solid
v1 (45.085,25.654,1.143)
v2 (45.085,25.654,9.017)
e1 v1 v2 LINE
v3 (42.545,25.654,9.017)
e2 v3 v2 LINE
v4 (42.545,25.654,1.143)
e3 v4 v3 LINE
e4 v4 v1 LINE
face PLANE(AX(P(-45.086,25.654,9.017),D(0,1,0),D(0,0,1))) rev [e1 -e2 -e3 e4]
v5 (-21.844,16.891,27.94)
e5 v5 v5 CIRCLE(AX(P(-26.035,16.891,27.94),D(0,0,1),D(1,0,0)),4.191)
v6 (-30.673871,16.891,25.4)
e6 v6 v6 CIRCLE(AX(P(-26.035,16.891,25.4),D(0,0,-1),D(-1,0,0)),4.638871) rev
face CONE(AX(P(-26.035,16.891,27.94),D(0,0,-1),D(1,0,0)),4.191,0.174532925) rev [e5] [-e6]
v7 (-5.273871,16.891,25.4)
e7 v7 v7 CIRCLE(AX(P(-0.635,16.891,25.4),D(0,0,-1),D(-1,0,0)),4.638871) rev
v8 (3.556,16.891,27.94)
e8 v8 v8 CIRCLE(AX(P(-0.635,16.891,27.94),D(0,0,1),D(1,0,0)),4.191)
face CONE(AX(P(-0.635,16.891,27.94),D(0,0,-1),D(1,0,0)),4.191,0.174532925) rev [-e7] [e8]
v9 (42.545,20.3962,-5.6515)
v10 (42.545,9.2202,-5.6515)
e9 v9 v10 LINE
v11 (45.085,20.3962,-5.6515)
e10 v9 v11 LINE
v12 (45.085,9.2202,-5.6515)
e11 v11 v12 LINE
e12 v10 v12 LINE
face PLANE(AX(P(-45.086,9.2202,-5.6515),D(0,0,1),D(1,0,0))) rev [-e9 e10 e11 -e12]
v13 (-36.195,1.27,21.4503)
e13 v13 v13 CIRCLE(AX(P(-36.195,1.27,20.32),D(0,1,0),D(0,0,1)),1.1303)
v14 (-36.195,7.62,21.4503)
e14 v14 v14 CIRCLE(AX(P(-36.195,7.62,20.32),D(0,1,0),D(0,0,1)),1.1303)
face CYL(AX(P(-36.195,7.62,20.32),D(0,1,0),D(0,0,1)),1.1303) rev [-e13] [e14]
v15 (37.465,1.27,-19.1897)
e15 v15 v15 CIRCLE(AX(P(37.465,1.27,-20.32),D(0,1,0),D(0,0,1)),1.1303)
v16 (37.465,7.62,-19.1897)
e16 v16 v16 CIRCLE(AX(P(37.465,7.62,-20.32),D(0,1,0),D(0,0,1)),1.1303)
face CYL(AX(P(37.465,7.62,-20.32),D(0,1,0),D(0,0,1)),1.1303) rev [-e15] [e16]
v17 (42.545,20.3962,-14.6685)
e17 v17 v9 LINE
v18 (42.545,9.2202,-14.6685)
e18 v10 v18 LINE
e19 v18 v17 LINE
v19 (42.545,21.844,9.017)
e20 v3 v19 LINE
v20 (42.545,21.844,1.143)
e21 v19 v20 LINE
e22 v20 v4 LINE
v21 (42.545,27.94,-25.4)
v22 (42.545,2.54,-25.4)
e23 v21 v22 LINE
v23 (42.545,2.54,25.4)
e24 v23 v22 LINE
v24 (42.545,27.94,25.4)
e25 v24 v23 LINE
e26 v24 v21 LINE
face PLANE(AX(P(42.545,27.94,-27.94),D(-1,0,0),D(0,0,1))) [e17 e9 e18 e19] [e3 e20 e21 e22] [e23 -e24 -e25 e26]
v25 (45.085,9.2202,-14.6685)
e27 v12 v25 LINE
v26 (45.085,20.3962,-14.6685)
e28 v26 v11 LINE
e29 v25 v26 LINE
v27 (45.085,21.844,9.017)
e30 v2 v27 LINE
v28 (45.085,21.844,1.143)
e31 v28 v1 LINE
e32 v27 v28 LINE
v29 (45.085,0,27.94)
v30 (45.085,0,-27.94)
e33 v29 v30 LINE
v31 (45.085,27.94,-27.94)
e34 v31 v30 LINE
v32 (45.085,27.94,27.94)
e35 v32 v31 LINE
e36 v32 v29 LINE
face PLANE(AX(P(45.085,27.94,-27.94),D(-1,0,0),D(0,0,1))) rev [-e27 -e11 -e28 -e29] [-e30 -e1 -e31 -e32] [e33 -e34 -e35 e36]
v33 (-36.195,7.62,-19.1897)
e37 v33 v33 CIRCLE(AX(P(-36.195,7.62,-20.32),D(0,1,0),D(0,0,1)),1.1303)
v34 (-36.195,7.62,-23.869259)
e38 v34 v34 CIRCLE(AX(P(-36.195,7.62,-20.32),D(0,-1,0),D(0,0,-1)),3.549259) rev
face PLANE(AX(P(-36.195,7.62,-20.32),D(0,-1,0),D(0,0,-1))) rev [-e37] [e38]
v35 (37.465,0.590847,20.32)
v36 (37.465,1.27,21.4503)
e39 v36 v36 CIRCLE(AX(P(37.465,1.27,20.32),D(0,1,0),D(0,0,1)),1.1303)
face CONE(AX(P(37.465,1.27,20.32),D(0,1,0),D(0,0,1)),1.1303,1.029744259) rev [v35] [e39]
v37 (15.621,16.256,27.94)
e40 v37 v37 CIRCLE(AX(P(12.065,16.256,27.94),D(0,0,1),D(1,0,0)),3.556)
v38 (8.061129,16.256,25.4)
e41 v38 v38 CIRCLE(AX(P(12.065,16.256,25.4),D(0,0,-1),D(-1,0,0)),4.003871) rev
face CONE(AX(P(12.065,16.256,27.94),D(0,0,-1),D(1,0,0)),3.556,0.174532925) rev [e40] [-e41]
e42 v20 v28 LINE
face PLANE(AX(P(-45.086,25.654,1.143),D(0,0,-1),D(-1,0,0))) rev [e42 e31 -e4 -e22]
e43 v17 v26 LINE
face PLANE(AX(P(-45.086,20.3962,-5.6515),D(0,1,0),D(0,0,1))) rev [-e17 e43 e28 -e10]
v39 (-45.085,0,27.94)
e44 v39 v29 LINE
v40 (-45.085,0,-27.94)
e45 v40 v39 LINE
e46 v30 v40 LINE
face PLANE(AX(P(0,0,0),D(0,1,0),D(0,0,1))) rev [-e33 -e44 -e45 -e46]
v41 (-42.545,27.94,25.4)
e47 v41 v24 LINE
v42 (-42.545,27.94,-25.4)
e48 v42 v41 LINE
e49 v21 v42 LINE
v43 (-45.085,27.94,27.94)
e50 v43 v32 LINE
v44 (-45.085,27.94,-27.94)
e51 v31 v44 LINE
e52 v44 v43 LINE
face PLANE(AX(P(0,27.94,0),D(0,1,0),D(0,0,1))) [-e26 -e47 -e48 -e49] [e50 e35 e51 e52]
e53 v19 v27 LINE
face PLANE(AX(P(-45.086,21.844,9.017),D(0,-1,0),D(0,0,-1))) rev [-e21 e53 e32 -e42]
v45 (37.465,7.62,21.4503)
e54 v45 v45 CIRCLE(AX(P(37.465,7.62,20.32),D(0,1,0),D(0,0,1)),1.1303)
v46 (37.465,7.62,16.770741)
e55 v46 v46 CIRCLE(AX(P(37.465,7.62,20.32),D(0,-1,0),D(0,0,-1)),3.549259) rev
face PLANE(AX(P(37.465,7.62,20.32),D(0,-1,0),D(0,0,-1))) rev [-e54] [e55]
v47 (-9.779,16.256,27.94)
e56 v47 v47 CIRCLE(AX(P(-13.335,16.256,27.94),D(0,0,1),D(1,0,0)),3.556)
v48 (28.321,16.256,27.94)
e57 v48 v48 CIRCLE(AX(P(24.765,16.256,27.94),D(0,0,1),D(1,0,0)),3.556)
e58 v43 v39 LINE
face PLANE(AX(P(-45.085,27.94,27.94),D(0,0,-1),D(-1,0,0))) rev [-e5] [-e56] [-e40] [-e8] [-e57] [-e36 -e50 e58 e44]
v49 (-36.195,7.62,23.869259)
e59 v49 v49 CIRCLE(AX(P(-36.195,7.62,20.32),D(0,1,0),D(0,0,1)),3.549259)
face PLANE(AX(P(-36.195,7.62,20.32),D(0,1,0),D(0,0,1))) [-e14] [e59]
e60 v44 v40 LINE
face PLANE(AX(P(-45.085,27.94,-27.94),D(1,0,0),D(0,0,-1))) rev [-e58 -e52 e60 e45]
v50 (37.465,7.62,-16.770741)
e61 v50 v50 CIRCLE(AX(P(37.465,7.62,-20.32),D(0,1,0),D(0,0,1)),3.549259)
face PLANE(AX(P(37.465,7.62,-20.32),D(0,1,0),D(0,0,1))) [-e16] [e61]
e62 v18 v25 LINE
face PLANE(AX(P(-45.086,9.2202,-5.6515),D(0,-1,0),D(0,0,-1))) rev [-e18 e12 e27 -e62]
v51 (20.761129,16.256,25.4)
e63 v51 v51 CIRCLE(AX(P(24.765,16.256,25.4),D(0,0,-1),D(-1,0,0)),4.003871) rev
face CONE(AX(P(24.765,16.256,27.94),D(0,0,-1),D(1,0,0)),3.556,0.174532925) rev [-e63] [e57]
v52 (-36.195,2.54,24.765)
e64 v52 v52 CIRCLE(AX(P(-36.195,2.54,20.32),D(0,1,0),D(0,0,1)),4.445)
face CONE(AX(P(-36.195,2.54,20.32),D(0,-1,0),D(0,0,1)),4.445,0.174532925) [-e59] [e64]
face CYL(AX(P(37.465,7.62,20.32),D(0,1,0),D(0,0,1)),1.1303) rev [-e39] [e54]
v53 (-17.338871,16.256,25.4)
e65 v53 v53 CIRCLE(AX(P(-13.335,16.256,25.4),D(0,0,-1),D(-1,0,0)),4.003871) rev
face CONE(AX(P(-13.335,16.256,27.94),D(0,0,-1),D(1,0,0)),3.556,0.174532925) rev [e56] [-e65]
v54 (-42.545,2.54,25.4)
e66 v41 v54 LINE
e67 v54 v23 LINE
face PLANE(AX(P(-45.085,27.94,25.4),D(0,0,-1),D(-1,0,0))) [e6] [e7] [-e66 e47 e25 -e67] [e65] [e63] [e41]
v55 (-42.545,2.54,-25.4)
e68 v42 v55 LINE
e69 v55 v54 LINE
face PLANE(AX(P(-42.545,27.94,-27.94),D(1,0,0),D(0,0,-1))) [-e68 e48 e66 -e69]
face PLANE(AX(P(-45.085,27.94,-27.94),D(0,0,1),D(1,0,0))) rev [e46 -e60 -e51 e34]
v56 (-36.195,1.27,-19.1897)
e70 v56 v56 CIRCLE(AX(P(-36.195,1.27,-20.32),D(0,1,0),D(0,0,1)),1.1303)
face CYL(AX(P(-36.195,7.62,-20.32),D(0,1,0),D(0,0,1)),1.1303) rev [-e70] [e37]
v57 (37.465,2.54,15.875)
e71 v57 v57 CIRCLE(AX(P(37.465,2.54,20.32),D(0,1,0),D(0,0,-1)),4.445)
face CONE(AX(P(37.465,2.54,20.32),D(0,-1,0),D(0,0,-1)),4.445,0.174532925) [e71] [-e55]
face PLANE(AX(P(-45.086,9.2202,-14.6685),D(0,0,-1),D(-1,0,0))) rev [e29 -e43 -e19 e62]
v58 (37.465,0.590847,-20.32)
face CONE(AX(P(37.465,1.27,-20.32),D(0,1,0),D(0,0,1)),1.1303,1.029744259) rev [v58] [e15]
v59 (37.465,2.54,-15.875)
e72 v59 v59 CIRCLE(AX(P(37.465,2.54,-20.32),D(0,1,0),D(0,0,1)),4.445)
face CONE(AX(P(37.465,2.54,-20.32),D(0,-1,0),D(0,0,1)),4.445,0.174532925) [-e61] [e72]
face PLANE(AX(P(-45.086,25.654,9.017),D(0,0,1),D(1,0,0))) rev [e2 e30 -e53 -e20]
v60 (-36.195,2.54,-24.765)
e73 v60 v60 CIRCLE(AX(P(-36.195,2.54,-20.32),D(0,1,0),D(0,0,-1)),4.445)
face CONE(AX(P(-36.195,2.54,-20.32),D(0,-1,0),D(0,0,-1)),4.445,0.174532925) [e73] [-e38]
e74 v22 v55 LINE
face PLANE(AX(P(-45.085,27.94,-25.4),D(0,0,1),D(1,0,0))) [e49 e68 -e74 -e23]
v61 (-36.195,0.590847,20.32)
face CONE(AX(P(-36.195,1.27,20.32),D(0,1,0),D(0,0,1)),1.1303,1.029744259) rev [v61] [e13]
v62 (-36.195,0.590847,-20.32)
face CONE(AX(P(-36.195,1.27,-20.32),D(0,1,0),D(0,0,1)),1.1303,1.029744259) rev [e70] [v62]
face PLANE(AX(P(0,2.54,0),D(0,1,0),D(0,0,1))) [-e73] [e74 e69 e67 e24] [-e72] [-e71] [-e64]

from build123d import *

# Parameters (mm, degrees)
SKETCH1_W                     = 90.17
SKETCH1_H                     = 55.88
BOSS_EXTRUDE1_DEPTH           = 27.94
SHELL1_T                      = -2.54
SKETCH2_R                     = 4.445
BOSS_EXTRUDE4_DEPTH           = 5.08
BOSS_EXTRUDE4_DRAFT           = 10
BOSS_EXTRUDE4_PROFILE_2_DEPTH = 5.08
BOSS_EXTRUDE4_PROFILE_2_DRAFT = 10
BOSS_EXTRUDE4_PROFILE_3_DEPTH = 5.08
BOSS_EXTRUDE4_PROFILE_3_DRAFT = 10
BOSS_EXTRUDE4_PROFILE_4_DEPTH = 5.08
BOSS_EXTRUDE4_PROFILE_4_DRAFT = 10
TAP_DRILL_FOR_4_40_TAP1_D     = 2.2606
TAP_DRILL_FOR_4_40_TAP1_DEPTH = 6.35
TAP_DRILL_FOR_4_40_TAP1_TIP   = 0.679152758
SKETCH6_R                     = 3.556
CUT_EXTRUDE1_DEPTH            = 2.54
CUT_EXTRUDE1_DRAFT            = 10
CUT_EXTRUDE1_PROFILE_2_DEPTH  = 2.54
CUT_EXTRUDE1_PROFILE_2_DRAFT  = 10
CUT_EXTRUDE1_PROFILE_3_DEPTH  = 2.54
CUT_EXTRUDE1_PROFILE_3_DRAFT  = 10
SKETCH6_R_2                   = 4.191
CUT_EXTRUDE1_PROFILE_4_DEPTH  = 2.54
CUT_EXTRUDE1_PROFILE_4_DRAFT  = 10
CUT_EXTRUDE1_PROFILE_5_DEPTH  = 2.54
CUT_EXTRUDE1_PROFILE_5_DRAFT  = 10
CUT_EXTRUDE2_REACH            = 100.448
SKETCH7_W                     = 9.017
SKETCH7_H                     = 11.176
SKETCH7_W_2                   = 7.874
SKETCH7_H_2                   = 3.81


with BuildPart() as part:
    # Sketch1 → Boss-Extrude1 (new body)
    with BuildSketch(Plane(origin=(0, 0, 0), x_dir=(1, 0, 0), z_dir=(0, 1, 0))):
        Rectangle(SKETCH1_W, SKETCH1_H)
    extrude(amount=BOSS_EXTRUDE1_DEPTH)

    # Shell1
    shell1_openings = [part.faces().sort_by_distance(p)[0] for p in [
        (0, 27.94, 0),
    ]]
    offset(amount=SHELL1_T, openings=shell1_openings, kind=Kind.INTERSECTION)


with BuildPart() as boss_extrude4_tool:
    # Sketch2 → Boss-Extrude4 (with draft: the straight prism first)
    with BuildSketch(Plane(origin=(0, 2.54, 0), x_dir=(1, 0, 0), z_dir=(0, 1, 0))):
        with Locations((37.465, 20.32)):
            Circle(SKETCH2_R)
    extrude(amount=BOSS_EXTRUDE4_DEPTH)
    # Boss-Extrude4: the draft: its side faces are tilted about the plane it starts from
    boss_extrude4_sides = [boss_extrude4_tool.faces().sort_by_distance(p)[0] for p in [
        (33.02, 5.08, -20.32),
    ]]
    draft(boss_extrude4_sides, Plane(origin=(0, 2.54, 0), x_dir=(1, 0, 0), z_dir=(0, 1, 0)), BOSS_EXTRUDE4_DRAFT)


with BuildPart() as part_1:
    add(part.part)

    # Boss-Extrude4: add boss_extrude4_tool
    add(boss_extrude4_tool.part)


with BuildPart() as boss_extrude4_profile_2_tool:
    # Sketch2 → Boss-Extrude4 profile 2 (with draft: the straight prism first)
    with BuildSketch(Plane(origin=(0, 2.54, 0), x_dir=(1, 0, 0), z_dir=(0, 1, 0))):
        with Locations((37.465, -20.32)):
            Circle(SKETCH2_R)
    extrude(amount=BOSS_EXTRUDE4_PROFILE_2_DEPTH)
    # Boss-Extrude4 profile 2: the draft: its side faces are tilted about the plane it starts from
    boss_extrude4_profile_2_sides = [boss_extrude4_profile_2_tool.faces().sort_by_distance(p)[0] for p in [
        (33.02, 5.08, 20.32),
    ]]
    draft(boss_extrude4_profile_2_sides, Plane(origin=(0, 2.54, 0), x_dir=(1, 0, 0), z_dir=(0, 1, 0)), BOSS_EXTRUDE4_PROFILE_2_DRAFT)


with BuildPart() as part_2:
    add(part_1.part)

    # Boss-Extrude4 profile 2: add boss_extrude4_profile_2_tool
    add(boss_extrude4_profile_2_tool.part)


with BuildPart() as boss_extrude4_profile_3_tool:
    # Sketch2 → Boss-Extrude4 profile 3 (with draft: the straight prism first)
    with BuildSketch(Plane(origin=(0, 2.54, 0), x_dir=(1, 0, 0), z_dir=(0, 1, 0))):
        with Locations((-36.195, -20.32)):
            Circle(SKETCH2_R)
    extrude(amount=BOSS_EXTRUDE4_PROFILE_3_DEPTH)
    # Boss-Extrude4 profile 3: the draft: its side faces are tilted about the plane it starts from
    boss_extrude4_profile_3_sides = [boss_extrude4_profile_3_tool.faces().sort_by_distance(p)[0] for p in [
        (-40.64, 5.08, 20.32),
    ]]
    draft(boss_extrude4_profile_3_sides, Plane(origin=(0, 2.54, 0), x_dir=(1, 0, 0), z_dir=(0, 1, 0)), BOSS_EXTRUDE4_PROFILE_3_DRAFT)


with BuildPart() as part_3:
    add(part_2.part)

    # Boss-Extrude4 profile 3: add boss_extrude4_profile_3_tool
    add(boss_extrude4_profile_3_tool.part)


with BuildPart() as boss_extrude4_profile_4_tool:
    # Sketch2 → Boss-Extrude4 profile 4 (with draft: the straight prism first)
    with BuildSketch(Plane(origin=(0, 2.54, 0), x_dir=(1, 0, 0), z_dir=(0, 1, 0))):
        with Locations((-36.195, 20.32)):
            Circle(SKETCH2_R)
    extrude(amount=BOSS_EXTRUDE4_PROFILE_4_DEPTH)
    # Boss-Extrude4 profile 4: the draft: its side faces are tilted about the plane it starts from
    boss_extrude4_profile_4_sides = [boss_extrude4_profile_4_tool.faces().sort_by_distance(p)[0] for p in [
        (-40.64, 5.08, -20.32),
    ]]
    draft(boss_extrude4_profile_4_sides, Plane(origin=(0, 2.54, 0), x_dir=(1, 0, 0), z_dir=(0, 1, 0)), BOSS_EXTRUDE4_PROFILE_4_DRAFT)


with BuildPart() as part_4:
    add(part_3.part)

    # Boss-Extrude4 profile 4: add boss_extrude4_profile_4_tool
    add(boss_extrude4_profile_4_tool.part)

    # Tap Drill for #4-40 Tap1
    with Locations(Plane(origin=(0, 7.62, 0), x_dir=(1, 0, 0), z_dir=(0, 1, 0))):
        with Locations((-36.195, 20.32), (-36.195, -20.32), (37.465, -20.32), (37.465, 20.32)):
            Hole(TAP_DRILL_FOR_4_40_TAP1_D / 2, depth=TAP_DRILL_FOR_4_40_TAP1_DEPTH)
            with Locations((0, 0, -(TAP_DRILL_FOR_4_40_TAP1_DEPTH + TAP_DRILL_FOR_4_40_TAP1_TIP / 2))):  # 118° drill point
                Cone(0, TAP_DRILL_FOR_4_40_TAP1_D / 2, TAP_DRILL_FOR_4_40_TAP1_TIP, mode=Mode.SUBTRACT)


with BuildPart() as cut_extrude1_tool:
    # Sketch6 → Cut-Extrude1 (with draft: the straight prism first)
    with BuildSketch(Plane.XY.offset(27.94)):
        with Locations((24.765, 16.256)):
            Circle(SKETCH6_R)
    extrude(amount=-CUT_EXTRUDE1_DEPTH)
    # Cut-Extrude1: the draft: its side faces are tilted about the plane it starts from
    cut_extrude1_sides = [cut_extrude1_tool.faces().sort_by_distance(p)[0] for p in [
        (21.209, 16.256, 26.67),
    ]]
    draft(cut_extrude1_sides, Plane.XY.offset(27.94), CUT_EXTRUDE1_DRAFT)


with BuildPart() as part_5:
    add(part_4.part)

    # Cut-Extrude1: cut by cut_extrude1_tool
    add(cut_extrude1_tool.part, mode=Mode.SUBTRACT)


with BuildPart() as cut_extrude1_profile_2_tool:
    # Sketch6 → Cut-Extrude1 profile 2 (with draft: the straight prism first)
    with BuildSketch(Plane.XY.offset(27.94)):
        with Locations((12.065, 16.256)):
            Circle(SKETCH6_R)
    extrude(amount=-CUT_EXTRUDE1_PROFILE_2_DEPTH)
    # Cut-Extrude1 profile 2: the draft: its side faces are tilted about the plane it starts from
    cut_extrude1_profile_2_sides = [cut_extrude1_profile_2_tool.faces().sort_by_distance(p)[0] for p in [
        (8.509, 16.256, 26.67),
    ]]
    draft(cut_extrude1_profile_2_sides, Plane.XY.offset(27.94), CUT_EXTRUDE1_PROFILE_2_DRAFT)


with BuildPart() as part_6:
    add(part_5.part)

    # Cut-Extrude1 profile 2: cut by cut_extrude1_profile_2_tool
    add(cut_extrude1_profile_2_tool.part, mode=Mode.SUBTRACT)


with BuildPart() as cut_extrude1_profile_3_tool:
    # Sketch6 → Cut-Extrude1 profile 3 (with draft: the straight prism first)
    with BuildSketch(Plane.XY.offset(27.94)):
        with Locations((-13.335, 16.256)):
            Circle(SKETCH6_R)
    extrude(amount=-CUT_EXTRUDE1_PROFILE_3_DEPTH)
    # Cut-Extrude1 profile 3: the draft: its side faces are tilted about the plane it starts from
    cut_extrude1_profile_3_sides = [cut_extrude1_profile_3_tool.faces().sort_by_distance(p)[0] for p in [
        (-16.891, 16.256, 26.67),
    ]]
    draft(cut_extrude1_profile_3_sides, Plane.XY.offset(27.94), CUT_EXTRUDE1_PROFILE_3_DRAFT)


with BuildPart() as part_7:
    add(part_6.part)

    # Cut-Extrude1 profile 3: cut by cut_extrude1_profile_3_tool
    add(cut_extrude1_profile_3_tool.part, mode=Mode.SUBTRACT)


with BuildPart() as cut_extrude1_profile_4_tool:
    # Sketch6 → Cut-Extrude1 profile 4 (with draft: the straight prism first)
    with BuildSketch(Plane.XY.offset(27.94)):
        with Locations((-0.635, 16.891)):
            Circle(SKETCH6_R_2)
    extrude(amount=-CUT_EXTRUDE1_PROFILE_4_DEPTH)
    # Cut-Extrude1 profile 4: the draft: its side faces are tilted about the plane it starts from
    cut_extrude1_profile_4_sides = [cut_extrude1_profile_4_tool.faces().sort_by_distance(p)[0] for p in [
        (-4.826, 16.891, 26.67),
    ]]
    draft(cut_extrude1_profile_4_sides, Plane.XY.offset(27.94), CUT_EXTRUDE1_PROFILE_4_DRAFT)


with BuildPart() as part_8:
    add(part_7.part)

    # Cut-Extrude1 profile 4: cut by cut_extrude1_profile_4_tool
    add(cut_extrude1_profile_4_tool.part, mode=Mode.SUBTRACT)


with BuildPart() as cut_extrude1_profile_5_tool:
    # Sketch6 → Cut-Extrude1 profile 5 (with draft: the straight prism first)
    with BuildSketch(Plane.XY.offset(27.94)):
        with Locations((-26.035, 16.891)):
            Circle(SKETCH6_R_2)
    extrude(amount=-CUT_EXTRUDE1_PROFILE_5_DEPTH)
    # Cut-Extrude1 profile 5: the draft: its side faces are tilted about the plane it starts from
    cut_extrude1_profile_5_sides = [cut_extrude1_profile_5_tool.faces().sort_by_distance(p)[0] for p in [
        (-30.226, 16.891, 26.67),
    ]]
    draft(cut_extrude1_profile_5_sides, Plane.XY.offset(27.94), CUT_EXTRUDE1_PROFILE_5_DRAFT)


with BuildPart() as part_9:
    add(part_8.part)

    # Cut-Extrude1 profile 5: cut by cut_extrude1_profile_5_tool
    add(cut_extrude1_profile_5_tool.part, mode=Mode.SUBTRACT)

    # Sketch7 → Cut-Extrude2 (cut, up to next)
    with BuildSketch(Plane(origin=(45.085, 0, 0), x_dir=(0, 0, -1), z_dir=(1, 0, 0)), mode=Mode.PRIVATE) as cut_extrude2_sk1:
        with Locations((10.16, 14.8082)):
            Rectangle(SKETCH7_W, SKETCH7_H)
    cut_extrude2_tool1 = extrude(cut_extrude2_sk1.sketch, amount=-CUT_EXTRUDE2_REACH, mode=Mode.PRIVATE) & part_9.part
    # Sketch7 → Cut-Extrude2 (cut, up to next)
    with BuildSketch(Plane(origin=(45.085, 0, 0), x_dir=(0, 0, -1), z_dir=(1, 0, 0)), mode=Mode.PRIVATE) as cut_extrude2_sk2:
        with Locations((-5.08, 23.749)):
            Rectangle(SKETCH7_W_2, SKETCH7_H_2)
    cut_extrude2_tool2 = extrude(cut_extrude2_sk2.sketch, amount=-CUT_EXTRUDE2_REACH, mode=Mode.PRIVATE) & part_9.part
    add(cut_extrude2_tool1.solids().sort_by_distance((45.085, 14.8082, -10.16))[0], mode=Mode.SUBTRACT)
    add(cut_extrude2_tool2.solids().sort_by_distance((45.085, 23.749, 5.08))[0], mode=Mode.SUBTRACT)


solid = part_9.part
